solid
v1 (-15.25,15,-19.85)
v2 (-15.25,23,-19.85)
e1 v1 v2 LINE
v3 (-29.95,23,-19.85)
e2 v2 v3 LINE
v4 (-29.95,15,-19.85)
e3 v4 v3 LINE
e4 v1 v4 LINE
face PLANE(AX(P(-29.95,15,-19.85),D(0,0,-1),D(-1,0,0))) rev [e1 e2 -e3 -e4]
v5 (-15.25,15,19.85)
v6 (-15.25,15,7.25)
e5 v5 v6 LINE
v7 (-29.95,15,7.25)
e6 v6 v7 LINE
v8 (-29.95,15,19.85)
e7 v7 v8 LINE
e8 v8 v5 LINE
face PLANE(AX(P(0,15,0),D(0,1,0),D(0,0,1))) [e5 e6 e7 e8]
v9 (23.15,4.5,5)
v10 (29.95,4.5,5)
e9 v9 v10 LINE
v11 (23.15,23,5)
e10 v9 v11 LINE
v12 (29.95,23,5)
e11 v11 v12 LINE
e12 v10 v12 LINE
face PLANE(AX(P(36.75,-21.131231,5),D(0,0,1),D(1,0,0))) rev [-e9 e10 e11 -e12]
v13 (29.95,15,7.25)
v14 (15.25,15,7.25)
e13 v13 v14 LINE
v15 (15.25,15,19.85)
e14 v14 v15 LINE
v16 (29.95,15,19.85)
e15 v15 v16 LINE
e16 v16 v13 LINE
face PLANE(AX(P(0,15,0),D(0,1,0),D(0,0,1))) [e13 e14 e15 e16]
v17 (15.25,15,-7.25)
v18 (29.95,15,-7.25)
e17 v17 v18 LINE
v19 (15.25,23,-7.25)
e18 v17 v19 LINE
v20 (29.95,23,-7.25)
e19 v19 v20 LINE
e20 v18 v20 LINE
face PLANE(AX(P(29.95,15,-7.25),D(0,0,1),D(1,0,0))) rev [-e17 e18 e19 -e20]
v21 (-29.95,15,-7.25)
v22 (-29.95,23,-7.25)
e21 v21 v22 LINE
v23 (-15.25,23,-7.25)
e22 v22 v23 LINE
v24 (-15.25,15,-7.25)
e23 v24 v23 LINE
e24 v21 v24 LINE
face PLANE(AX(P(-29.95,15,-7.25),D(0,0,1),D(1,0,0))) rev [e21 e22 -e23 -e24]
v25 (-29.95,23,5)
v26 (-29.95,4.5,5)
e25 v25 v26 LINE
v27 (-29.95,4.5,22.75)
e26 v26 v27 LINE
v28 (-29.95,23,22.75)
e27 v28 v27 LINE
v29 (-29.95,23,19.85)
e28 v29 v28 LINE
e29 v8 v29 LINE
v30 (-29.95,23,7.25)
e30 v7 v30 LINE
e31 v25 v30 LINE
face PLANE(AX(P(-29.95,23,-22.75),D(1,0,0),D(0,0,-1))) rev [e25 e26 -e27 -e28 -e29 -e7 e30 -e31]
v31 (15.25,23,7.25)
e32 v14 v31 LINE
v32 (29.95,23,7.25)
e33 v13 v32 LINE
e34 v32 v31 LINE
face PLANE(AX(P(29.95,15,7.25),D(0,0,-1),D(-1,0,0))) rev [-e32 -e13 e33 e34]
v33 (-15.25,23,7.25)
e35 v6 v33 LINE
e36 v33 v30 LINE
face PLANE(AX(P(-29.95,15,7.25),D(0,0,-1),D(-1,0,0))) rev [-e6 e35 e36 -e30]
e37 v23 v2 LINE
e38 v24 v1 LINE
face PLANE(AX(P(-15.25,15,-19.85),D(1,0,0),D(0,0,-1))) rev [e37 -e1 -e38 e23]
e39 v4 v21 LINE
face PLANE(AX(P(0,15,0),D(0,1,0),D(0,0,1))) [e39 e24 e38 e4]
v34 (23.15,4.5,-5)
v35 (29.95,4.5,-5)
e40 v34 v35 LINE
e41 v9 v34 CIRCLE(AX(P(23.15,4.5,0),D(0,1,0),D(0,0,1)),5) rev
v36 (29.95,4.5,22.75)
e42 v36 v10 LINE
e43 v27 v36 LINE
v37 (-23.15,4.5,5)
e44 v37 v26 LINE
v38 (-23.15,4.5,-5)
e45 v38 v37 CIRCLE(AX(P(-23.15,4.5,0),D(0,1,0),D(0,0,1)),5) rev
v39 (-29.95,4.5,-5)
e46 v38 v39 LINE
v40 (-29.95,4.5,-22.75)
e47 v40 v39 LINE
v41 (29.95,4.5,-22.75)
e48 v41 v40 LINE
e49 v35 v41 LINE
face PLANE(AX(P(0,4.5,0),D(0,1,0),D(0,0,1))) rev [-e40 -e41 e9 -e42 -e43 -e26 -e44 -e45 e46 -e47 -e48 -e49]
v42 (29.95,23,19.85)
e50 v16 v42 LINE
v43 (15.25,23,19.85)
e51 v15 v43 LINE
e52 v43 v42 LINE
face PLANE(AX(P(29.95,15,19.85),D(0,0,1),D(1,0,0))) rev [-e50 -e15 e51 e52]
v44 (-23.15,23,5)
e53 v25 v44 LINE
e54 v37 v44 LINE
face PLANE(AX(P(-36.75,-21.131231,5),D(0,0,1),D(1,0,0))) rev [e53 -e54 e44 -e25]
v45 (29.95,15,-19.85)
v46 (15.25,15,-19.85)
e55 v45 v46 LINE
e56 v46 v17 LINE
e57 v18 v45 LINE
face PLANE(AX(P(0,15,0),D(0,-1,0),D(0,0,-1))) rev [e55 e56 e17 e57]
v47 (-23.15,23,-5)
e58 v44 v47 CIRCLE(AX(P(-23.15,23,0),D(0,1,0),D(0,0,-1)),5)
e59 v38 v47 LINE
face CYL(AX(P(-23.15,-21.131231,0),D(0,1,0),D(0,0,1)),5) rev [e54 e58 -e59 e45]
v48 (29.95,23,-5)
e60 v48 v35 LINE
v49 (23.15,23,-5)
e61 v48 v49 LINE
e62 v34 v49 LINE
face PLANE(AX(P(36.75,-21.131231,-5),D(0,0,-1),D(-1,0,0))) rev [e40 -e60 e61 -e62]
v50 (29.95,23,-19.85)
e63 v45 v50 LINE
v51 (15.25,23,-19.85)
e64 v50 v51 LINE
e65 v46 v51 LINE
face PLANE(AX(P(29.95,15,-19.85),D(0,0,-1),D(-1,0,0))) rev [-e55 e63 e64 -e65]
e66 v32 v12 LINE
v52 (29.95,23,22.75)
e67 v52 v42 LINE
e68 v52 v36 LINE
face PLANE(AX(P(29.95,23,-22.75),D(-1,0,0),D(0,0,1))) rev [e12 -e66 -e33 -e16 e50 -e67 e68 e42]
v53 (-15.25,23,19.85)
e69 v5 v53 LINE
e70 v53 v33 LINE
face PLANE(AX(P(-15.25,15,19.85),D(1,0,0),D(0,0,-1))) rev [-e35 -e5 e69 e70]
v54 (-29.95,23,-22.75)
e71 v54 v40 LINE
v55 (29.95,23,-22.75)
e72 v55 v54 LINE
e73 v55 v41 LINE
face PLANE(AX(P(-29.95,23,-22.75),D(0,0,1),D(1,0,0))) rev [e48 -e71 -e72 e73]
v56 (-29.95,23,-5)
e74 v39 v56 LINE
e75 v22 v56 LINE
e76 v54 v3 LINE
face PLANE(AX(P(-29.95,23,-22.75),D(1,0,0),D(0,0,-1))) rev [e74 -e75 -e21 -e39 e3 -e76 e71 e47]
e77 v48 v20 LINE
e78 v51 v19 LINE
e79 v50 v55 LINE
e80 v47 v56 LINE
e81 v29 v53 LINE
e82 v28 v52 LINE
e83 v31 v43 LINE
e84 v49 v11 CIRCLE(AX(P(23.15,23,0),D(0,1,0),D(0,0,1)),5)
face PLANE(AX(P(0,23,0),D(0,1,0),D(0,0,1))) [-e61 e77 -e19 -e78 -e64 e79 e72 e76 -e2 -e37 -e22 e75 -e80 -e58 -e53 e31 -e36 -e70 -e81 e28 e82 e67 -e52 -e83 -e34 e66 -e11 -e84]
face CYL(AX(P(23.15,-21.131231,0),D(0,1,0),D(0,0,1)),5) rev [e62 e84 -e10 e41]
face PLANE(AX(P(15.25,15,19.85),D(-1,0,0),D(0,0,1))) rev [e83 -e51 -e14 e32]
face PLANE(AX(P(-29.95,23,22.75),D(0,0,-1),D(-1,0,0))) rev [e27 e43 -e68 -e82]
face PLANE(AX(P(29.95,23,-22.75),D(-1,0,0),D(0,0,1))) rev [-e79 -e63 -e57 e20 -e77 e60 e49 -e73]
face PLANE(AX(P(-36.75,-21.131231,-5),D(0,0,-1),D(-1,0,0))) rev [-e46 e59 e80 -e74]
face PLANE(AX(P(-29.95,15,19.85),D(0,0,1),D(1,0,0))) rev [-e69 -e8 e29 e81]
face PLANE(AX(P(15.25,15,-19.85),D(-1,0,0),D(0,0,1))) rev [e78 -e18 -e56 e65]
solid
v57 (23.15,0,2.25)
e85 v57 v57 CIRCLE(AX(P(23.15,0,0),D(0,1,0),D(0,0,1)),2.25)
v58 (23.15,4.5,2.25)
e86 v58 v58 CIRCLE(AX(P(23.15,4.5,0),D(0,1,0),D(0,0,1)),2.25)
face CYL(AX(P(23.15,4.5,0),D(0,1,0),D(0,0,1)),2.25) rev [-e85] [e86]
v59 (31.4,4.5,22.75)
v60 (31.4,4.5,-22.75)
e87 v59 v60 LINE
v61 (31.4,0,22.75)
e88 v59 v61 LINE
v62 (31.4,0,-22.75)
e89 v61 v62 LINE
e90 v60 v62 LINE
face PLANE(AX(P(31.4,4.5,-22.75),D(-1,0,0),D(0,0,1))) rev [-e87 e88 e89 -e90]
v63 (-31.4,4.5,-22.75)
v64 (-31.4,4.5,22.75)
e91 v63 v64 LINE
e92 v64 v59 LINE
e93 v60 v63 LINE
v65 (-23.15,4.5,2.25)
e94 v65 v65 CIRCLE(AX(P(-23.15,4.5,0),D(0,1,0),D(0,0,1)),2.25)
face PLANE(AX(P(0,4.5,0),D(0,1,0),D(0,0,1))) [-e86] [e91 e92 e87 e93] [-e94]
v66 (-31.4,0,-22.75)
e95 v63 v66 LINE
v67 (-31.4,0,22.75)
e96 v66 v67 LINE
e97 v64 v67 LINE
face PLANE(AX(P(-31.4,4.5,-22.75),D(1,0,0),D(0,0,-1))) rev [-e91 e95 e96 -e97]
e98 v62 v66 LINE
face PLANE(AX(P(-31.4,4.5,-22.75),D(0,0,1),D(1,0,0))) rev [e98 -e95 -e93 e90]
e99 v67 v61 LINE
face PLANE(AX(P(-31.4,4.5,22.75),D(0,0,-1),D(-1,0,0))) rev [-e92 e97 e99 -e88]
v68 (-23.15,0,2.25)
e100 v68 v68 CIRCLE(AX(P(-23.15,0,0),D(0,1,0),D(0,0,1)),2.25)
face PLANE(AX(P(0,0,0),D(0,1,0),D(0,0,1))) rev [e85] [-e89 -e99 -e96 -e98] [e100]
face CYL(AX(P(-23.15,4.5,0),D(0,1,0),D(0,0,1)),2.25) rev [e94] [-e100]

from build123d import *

# Parameters (mm, degrees)
ESQUISSE1_W               = 62.8
ESQUISSE1_H               = 45.5
BOSS_EXTRU_1_DEPTH        = 4.5
ESQUISSE2_W               = 59.9
ESQUISSE2_H               = 45.5
BOSS_EXTRU_2_DEPTH        = 18.5
ENL_V_MAT_EXTRU_1_DEPTH   = 18.5
ESQUISSE4_W               = 14.7
ESQUISSE4_H               = 12.6
ENL_V_MAT_EXTRU_2_DEPTH   = 8
ESQUISSE6_W               = 2.25
ESQUISSE6_H               = 4.5
D_GAGEMENT_M41_AT_2_COUNT = 2
D_GAGEMENT_M41_AT_2_PITCH = 46.3


with BuildPart() as part:
    # Esquisse1 → Boss.-Extru.1 (new body)
    with BuildSketch(Plane(origin=(0, 0, 0), x_dir=(1, 0, 0), z_dir=(0, 1, 0))):
        Rectangle(ESQUISSE1_W, ESQUISSE1_H)
    extrude(amount=BOSS_EXTRU_1_DEPTH)

    # Esquisse6 → Dégagement M41 (revolve, cut)
    with BuildSketch(Plane(origin=(23.15, 4.5, 0), x_dir=(0, 0, 1), z_dir=(1, 0, 0))):
        with Locations((1.125, 2.25)):
            Rectangle(ESQUISSE6_W, ESQUISSE6_H)
    d_gagement_m41 = revolve(axis=Axis((23.15, 10.85, 0), (0, -1, 0)), mode=Mode.SUBTRACT)

    # Dégagement M41 at 2: Dégagement M41 ×2
    with Locations(*[(-i * D_GAGEMENT_M41_AT_2_PITCH, 0, 0) for i in range(1, D_GAGEMENT_M41_AT_2_COUNT)]):
        add(d_gagement_m41, mode=Mode.SUBTRACT)


with BuildPart() as body_2:
    # Esquisse2 → Boss.-Extru.2 (new body)
    with BuildSketch(Plane(origin=(0, 4.5, 0), x_dir=(1, 0, 0), z_dir=(0, 1, 0))):
        Rectangle(ESQUISSE2_W, ESQUISSE2_H)
    extrude(amount=BOSS_EXTRU_2_DEPTH)

    # Esquisse3 → Enlèv. mat.-Extru.1 (cut)
    with BuildSketch(Plane(origin=(0, 23, 0), x_dir=(1, 0, 0), z_dir=(0, 1, 0))):
        with BuildLine():
            Line((36.75, -5), (23.15, -5))
            ThreePointArc((23.15, -5), (18.15, 0), (23.15, 5))
            Line((23.15, 5), (36.75, 5))
            ThreePointArc((36.75, 5), (41.75, 0), (36.75, -5))
        make_face()
        with BuildLine():
            Line((-36.75, -5), (-23.15, -5))
            ThreePointArc((-23.15, -5), (-18.15, 0), (-23.15, 5))
            Line((-23.15, 5), (-36.75, 5))
            ThreePointArc((-36.75, 5), (-41.75, 0), (-36.75, -5))
        make_face()
    extrude(amount=-ENL_V_MAT_EXTRU_1_DEPTH, mode=Mode.SUBTRACT)

    # Esquisse4 → Enlèv. mat.-Extru.2 (cut)
    with BuildSketch(Plane(origin=(0, 23, 0), x_dir=(1, 0, 0), z_dir=(0, 1, 0))):
        with Locations((22.6, 13.55)):
            Rectangle(ESQUISSE4_W, ESQUISSE4_H)
        with Locations((-22.6, 13.55)):
            Rectangle(ESQUISSE4_W, ESQUISSE4_H)
        with Locations((22.6, -13.55)):
            Rectangle(ESQUISSE4_W, ESQUISSE4_H)
        with Locations((-22.6, -13.55)):
            Rectangle(ESQUISSE4_W, ESQUISSE4_H)
    extrude(amount=-ENL_V_MAT_EXTRU_2_DEPTH, mode=Mode.SUBTRACT)


solid = Compound([part.part, body_2.part])
